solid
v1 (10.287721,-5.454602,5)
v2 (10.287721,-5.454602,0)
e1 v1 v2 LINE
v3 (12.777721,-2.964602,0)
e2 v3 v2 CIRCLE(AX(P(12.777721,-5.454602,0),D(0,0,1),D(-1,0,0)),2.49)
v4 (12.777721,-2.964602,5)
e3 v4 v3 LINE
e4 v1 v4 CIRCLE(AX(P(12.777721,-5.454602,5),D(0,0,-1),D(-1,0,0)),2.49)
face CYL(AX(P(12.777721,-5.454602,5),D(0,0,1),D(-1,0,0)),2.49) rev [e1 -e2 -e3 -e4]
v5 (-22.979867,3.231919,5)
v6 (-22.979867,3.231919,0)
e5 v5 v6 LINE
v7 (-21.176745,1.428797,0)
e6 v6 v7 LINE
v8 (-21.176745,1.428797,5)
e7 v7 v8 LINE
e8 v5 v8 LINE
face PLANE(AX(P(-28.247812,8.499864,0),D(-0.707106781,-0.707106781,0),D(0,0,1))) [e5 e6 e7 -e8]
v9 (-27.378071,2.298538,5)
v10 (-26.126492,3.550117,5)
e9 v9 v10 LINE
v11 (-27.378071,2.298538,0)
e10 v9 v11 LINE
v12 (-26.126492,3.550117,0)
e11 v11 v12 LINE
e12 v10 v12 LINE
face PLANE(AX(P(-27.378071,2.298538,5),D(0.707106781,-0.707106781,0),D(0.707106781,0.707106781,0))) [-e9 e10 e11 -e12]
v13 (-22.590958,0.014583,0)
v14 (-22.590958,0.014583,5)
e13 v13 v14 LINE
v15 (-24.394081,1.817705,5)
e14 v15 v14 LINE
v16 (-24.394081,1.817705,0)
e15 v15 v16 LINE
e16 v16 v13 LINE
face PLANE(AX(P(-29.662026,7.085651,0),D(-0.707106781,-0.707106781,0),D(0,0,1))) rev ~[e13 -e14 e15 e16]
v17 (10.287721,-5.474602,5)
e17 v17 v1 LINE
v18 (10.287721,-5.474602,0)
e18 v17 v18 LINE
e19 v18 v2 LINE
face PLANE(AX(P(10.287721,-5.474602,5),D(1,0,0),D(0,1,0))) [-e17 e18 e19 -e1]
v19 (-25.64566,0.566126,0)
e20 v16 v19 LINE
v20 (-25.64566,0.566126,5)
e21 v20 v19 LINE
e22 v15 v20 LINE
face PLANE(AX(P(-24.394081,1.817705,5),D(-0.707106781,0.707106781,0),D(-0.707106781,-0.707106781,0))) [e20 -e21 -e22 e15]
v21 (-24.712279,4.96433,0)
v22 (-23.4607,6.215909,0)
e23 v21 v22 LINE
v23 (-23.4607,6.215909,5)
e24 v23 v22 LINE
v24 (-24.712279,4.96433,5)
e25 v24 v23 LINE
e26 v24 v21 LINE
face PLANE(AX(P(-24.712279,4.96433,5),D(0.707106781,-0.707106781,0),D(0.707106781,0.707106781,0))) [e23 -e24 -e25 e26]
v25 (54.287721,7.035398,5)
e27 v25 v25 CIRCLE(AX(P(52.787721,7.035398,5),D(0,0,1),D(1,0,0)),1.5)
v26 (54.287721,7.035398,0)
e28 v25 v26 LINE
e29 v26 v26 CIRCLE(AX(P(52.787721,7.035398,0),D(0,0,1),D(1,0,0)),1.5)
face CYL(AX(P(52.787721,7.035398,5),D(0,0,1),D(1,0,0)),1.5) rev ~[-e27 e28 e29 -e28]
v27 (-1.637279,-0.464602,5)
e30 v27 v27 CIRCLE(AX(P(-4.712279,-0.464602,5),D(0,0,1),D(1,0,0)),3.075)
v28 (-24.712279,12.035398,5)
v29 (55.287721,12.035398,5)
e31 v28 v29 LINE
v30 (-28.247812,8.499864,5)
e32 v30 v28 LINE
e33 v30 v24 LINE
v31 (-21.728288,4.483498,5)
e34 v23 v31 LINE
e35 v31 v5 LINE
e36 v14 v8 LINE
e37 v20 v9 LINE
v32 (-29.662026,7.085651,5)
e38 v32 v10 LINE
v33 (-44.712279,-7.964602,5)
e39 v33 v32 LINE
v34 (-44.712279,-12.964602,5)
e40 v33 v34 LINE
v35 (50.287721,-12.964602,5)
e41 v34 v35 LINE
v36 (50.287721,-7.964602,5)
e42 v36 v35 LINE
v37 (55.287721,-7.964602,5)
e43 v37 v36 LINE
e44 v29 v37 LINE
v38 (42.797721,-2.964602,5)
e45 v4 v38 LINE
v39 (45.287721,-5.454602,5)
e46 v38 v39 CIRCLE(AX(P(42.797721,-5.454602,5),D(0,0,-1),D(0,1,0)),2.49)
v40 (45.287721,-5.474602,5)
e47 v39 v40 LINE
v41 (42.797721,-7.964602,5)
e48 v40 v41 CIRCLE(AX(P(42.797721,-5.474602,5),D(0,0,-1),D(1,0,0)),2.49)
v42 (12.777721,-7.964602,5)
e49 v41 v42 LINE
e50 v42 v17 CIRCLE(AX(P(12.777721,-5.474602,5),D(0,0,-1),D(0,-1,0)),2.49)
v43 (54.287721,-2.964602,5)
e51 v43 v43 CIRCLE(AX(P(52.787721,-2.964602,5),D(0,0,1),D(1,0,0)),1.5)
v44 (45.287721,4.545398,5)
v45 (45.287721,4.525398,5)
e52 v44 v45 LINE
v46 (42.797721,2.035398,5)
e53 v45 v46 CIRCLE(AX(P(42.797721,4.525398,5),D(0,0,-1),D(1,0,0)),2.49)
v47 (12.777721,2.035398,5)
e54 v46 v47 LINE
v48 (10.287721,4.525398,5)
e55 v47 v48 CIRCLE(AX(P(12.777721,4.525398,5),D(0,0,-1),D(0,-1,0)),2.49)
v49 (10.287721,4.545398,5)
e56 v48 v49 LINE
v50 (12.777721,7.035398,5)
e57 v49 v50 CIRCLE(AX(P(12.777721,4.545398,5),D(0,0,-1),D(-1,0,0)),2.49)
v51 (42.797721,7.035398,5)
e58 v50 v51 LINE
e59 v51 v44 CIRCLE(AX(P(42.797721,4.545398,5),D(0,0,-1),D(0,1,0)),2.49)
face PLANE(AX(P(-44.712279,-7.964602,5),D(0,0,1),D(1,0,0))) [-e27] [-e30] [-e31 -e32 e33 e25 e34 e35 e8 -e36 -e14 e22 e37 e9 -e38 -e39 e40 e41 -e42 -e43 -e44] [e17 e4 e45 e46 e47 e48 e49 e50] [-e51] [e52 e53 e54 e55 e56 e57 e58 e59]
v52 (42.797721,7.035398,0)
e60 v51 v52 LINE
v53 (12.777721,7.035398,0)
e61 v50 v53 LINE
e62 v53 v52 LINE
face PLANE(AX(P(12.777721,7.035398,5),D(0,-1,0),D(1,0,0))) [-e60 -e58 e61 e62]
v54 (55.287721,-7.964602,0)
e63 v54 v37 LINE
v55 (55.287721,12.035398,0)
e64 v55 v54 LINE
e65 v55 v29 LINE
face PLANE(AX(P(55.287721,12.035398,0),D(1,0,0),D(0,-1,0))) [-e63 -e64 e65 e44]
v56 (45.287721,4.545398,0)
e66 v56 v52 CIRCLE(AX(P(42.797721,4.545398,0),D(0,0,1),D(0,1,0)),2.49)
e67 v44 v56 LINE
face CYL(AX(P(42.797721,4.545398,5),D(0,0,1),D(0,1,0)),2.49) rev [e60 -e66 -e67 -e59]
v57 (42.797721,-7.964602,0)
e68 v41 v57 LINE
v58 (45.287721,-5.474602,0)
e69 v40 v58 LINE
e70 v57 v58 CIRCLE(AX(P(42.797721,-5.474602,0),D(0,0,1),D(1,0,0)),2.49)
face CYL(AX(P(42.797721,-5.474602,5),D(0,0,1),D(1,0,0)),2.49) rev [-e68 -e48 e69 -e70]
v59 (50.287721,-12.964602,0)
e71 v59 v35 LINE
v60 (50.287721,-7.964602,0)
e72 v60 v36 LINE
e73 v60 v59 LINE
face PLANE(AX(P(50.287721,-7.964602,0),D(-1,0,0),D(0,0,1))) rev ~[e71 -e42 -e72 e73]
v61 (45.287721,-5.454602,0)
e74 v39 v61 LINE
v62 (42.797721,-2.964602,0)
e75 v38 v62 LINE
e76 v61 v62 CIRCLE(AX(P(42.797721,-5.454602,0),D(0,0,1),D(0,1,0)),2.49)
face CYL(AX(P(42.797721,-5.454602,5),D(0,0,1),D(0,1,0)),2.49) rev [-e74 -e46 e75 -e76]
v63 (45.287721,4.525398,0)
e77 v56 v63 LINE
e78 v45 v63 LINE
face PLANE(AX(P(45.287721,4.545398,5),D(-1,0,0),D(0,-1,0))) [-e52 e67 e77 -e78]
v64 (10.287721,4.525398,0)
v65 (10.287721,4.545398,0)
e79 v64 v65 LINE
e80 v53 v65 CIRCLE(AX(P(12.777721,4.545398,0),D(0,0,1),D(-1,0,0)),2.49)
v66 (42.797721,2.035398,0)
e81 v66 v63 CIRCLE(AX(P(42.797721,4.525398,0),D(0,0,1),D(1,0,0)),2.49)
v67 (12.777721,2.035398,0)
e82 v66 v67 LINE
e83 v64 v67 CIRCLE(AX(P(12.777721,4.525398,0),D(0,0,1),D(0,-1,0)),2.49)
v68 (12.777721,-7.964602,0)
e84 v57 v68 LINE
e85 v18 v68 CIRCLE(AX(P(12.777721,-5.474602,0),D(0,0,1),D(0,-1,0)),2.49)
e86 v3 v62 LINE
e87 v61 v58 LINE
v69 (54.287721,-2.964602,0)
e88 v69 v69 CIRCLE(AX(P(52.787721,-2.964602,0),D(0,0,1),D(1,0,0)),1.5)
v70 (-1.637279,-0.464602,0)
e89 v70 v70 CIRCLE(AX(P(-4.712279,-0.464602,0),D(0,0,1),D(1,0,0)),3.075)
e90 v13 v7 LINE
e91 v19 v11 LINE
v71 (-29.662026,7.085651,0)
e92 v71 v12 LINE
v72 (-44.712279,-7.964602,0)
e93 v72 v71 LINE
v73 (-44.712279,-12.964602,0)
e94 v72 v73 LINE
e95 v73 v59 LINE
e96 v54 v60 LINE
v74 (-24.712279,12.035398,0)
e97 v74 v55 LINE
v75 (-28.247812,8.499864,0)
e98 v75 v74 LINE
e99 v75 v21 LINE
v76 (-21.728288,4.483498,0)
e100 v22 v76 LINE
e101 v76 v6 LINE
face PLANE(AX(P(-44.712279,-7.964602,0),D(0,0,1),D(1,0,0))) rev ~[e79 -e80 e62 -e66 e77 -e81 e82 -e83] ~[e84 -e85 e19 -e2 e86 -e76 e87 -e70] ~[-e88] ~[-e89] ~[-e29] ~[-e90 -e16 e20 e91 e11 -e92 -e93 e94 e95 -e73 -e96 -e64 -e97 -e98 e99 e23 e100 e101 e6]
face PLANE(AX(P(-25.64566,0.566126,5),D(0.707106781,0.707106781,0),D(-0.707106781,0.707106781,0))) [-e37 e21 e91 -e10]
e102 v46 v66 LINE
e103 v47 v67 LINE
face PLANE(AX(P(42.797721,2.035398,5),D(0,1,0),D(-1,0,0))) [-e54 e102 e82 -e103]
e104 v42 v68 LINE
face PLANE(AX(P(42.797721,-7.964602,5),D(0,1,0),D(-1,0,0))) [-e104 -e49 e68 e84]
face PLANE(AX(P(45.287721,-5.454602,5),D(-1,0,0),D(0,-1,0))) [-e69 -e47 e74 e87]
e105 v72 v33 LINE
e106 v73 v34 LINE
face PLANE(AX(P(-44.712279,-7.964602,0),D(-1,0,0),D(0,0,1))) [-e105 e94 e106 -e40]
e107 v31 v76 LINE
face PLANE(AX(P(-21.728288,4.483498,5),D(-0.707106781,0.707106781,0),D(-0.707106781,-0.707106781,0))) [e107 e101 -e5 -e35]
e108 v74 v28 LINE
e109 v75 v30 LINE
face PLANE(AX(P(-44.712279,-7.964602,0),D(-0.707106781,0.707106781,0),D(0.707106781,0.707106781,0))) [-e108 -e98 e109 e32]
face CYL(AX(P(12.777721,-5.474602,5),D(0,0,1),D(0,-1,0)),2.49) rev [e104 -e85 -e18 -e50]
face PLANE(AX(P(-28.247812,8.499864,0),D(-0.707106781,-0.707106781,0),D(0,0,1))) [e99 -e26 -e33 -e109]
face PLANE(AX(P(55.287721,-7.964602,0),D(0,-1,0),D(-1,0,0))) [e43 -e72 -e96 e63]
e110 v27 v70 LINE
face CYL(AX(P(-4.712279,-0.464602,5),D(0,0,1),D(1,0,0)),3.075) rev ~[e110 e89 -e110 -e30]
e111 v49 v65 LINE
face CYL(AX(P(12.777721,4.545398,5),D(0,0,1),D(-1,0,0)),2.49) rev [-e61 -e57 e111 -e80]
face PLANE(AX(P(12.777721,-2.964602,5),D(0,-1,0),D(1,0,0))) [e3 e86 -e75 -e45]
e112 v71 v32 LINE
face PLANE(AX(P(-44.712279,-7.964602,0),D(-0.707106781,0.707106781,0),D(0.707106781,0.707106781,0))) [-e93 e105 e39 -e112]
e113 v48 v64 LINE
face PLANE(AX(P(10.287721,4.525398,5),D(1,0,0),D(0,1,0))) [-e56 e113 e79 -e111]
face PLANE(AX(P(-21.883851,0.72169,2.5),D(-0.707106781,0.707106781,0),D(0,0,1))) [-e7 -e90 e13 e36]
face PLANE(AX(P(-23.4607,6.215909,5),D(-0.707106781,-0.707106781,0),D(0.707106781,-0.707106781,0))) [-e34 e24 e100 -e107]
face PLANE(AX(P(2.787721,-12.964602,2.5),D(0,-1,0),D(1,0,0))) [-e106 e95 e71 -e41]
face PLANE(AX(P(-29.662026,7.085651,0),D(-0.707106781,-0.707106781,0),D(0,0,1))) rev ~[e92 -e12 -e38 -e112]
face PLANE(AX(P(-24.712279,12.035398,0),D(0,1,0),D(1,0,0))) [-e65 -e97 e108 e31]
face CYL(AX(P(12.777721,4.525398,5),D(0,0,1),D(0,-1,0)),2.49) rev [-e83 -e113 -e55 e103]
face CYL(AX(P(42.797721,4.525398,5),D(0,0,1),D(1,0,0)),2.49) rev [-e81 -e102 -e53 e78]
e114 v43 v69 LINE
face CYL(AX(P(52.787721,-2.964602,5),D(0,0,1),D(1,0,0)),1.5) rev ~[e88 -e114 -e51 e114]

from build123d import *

# Parameters (mm, degrees)
RESSALTO_EXTRUS_O1_DEPTH = 5
ESBO_O2_W                = 95
ESBO_O2_H                = 5
RESSALTO_EXTRUS_O2_DEPTH = 5
ESBO_O5_W                = 5
ESBO_O5_H                = 2
CORTE_EXTRUS_O1_DEPTH    = 10
CORTE_EXTRUS_O2_DEPTH    = 10
ESBO_O8_R                = 3.075
CORTE_EXTRUS_O3_DEPTH    = 6
CORTE_EXTRUS_O4_DEPTH    = 10
ESBO_O10_R               = 1.5
CORTE_EXTRUS_O5_DEPTH    = 10


with BuildPart() as part:
    # Esboço1 → Ressalto-extrusão1 (new body)
    with BuildSketch(Plane.XY):
        Polygon((-44.712278576, -7.96460177), (-24.712278576, 12.03539823), (55.287721424, 12.03539823), (55.287721424, -7.96460177), align=None)
    extrude(amount=RESSALTO_EXTRUS_O1_DEPTH)

    # Esboço2 → Ressalto-extrusão2 (add)
    with BuildSketch(Plane.XZ.offset(7.96460177)):
        with Locations((2.787721424, 2.5)):
            Rectangle(ESBO_O2_W, ESBO_O2_H)
    extrude(amount=RESSALTO_EXTRUS_O2_DEPTH)

    # Esboço5 → Corte-extrusão1 (cut)
    with BuildSketch(Plane(origin=(-18.373838403, 18.373838403, 0), x_dir=(0, 0, 1), z_dir=(-0.707106781, 0.707106781, 0))):
        with Locations((2.5, -14.963908057)):
            Rectangle(ESBO_O5_W, ESBO_O5_H)
    extrude(amount=-CORTE_EXTRUS_O1_DEPTH, mode=Mode.SUBTRACT)

    # Esboço7 → Corte-extrusão2 (cut)
    with BuildSketch(Plane.XY.offset(5)):
        Polygon((-24.712278576, 4.964330418), (-23.460699574, 6.215909421), (-21.72828796, 4.483497807), (-22.979866962, 3.231918804), align=None)
        Polygon((-24.394080525, 1.817705242), (-25.645659528, 0.566126239), (-27.378071141, 2.298537853), (-26.126492139, 3.550116856), align=None)
    extrude(amount=-CORTE_EXTRUS_O2_DEPTH, mode=Mode.SUBTRACT)

    # Esboço8 → Corte-extrusão3 (cut, through all)
    with BuildSketch(Plane.XY.offset(5)):
        with Locations((-4.712278576, -0.46460177)):
            Circle(ESBO_O8_R)
    extrude(amount=-CORTE_EXTRUS_O3_DEPTH, mode=Mode.SUBTRACT)

    # Esboço9 → Corte-extrusão4 (cut)
    with BuildSketch(Plane.XY.offset(5)):
        with BuildLine():
            Line((12.777721424, 7.03539823), (42.797721424, 7.03539823))
            ThreePointArc((42.797721424, 7.03539823), (44.558417309, 6.306094115), (45.287721424, 4.54539823))
            Line((45.287721424, 4.54539823), (45.287721424, 4.52539823))
            ThreePointArc((45.287721424, 4.52539823), (44.558417309, 2.764702345), (42.797721424, 2.03539823))
            Line((42.797721424, 2.03539823), (12.777721424, 2.03539823))
            ThreePointArc((12.777721424, 2.03539823), (11.017025538, 2.764702345), (10.287721424, 4.52539823))
            Line((10.287721424, 4.52539823), (10.287721424, 4.54539823))
            ThreePointArc((10.287721424, 4.54539823), (11.017025538, 6.306094115), (12.777721424, 7.03539823))
        make_face()
        with BuildLine():
            Line((12.777721424, -2.96460177), (42.797721424, -2.96460177))
            ThreePointArc((42.797721424, -2.96460177), (44.558417309, -3.693905885), (45.287721424, -5.45460177))
            Line((45.287721424, -5.45460177), (45.287721424, -5.47460177))
            ThreePointArc((45.287721424, -5.47460177), (44.558417309, -7.235297655), (42.797721424, -7.96460177))
            Line((42.797721424, -7.96460177), (12.777721424, -7.96460177))
            ThreePointArc((12.777721424, -7.96460177), (11.017025538, -7.235297655), (10.287721424, -5.47460177))
            Line((10.287721424, -5.47460177), (10.287721424, -5.45460177))
            ThreePointArc((10.287721424, -5.45460177), (11.017025538, -3.693905885), (12.777721424, -2.96460177))
        make_face()
    extrude(amount=-CORTE_EXTRUS_O4_DEPTH, mode=Mode.SUBTRACT)

    # Esboço10 → Corte-extrusão5 (cut)
    with BuildSketch(Plane.XY.offset(5)):
        with Locations((52.787721424, 7.03539823)):
            Circle(ESBO_O10_R)
        with Locations((52.787721424, -2.96460177)):
            Circle(ESBO_O10_R)
    extrude(amount=-CORTE_EXTRUS_O5_DEPTH, mode=Mode.SUBTRACT)


solid = part.part
